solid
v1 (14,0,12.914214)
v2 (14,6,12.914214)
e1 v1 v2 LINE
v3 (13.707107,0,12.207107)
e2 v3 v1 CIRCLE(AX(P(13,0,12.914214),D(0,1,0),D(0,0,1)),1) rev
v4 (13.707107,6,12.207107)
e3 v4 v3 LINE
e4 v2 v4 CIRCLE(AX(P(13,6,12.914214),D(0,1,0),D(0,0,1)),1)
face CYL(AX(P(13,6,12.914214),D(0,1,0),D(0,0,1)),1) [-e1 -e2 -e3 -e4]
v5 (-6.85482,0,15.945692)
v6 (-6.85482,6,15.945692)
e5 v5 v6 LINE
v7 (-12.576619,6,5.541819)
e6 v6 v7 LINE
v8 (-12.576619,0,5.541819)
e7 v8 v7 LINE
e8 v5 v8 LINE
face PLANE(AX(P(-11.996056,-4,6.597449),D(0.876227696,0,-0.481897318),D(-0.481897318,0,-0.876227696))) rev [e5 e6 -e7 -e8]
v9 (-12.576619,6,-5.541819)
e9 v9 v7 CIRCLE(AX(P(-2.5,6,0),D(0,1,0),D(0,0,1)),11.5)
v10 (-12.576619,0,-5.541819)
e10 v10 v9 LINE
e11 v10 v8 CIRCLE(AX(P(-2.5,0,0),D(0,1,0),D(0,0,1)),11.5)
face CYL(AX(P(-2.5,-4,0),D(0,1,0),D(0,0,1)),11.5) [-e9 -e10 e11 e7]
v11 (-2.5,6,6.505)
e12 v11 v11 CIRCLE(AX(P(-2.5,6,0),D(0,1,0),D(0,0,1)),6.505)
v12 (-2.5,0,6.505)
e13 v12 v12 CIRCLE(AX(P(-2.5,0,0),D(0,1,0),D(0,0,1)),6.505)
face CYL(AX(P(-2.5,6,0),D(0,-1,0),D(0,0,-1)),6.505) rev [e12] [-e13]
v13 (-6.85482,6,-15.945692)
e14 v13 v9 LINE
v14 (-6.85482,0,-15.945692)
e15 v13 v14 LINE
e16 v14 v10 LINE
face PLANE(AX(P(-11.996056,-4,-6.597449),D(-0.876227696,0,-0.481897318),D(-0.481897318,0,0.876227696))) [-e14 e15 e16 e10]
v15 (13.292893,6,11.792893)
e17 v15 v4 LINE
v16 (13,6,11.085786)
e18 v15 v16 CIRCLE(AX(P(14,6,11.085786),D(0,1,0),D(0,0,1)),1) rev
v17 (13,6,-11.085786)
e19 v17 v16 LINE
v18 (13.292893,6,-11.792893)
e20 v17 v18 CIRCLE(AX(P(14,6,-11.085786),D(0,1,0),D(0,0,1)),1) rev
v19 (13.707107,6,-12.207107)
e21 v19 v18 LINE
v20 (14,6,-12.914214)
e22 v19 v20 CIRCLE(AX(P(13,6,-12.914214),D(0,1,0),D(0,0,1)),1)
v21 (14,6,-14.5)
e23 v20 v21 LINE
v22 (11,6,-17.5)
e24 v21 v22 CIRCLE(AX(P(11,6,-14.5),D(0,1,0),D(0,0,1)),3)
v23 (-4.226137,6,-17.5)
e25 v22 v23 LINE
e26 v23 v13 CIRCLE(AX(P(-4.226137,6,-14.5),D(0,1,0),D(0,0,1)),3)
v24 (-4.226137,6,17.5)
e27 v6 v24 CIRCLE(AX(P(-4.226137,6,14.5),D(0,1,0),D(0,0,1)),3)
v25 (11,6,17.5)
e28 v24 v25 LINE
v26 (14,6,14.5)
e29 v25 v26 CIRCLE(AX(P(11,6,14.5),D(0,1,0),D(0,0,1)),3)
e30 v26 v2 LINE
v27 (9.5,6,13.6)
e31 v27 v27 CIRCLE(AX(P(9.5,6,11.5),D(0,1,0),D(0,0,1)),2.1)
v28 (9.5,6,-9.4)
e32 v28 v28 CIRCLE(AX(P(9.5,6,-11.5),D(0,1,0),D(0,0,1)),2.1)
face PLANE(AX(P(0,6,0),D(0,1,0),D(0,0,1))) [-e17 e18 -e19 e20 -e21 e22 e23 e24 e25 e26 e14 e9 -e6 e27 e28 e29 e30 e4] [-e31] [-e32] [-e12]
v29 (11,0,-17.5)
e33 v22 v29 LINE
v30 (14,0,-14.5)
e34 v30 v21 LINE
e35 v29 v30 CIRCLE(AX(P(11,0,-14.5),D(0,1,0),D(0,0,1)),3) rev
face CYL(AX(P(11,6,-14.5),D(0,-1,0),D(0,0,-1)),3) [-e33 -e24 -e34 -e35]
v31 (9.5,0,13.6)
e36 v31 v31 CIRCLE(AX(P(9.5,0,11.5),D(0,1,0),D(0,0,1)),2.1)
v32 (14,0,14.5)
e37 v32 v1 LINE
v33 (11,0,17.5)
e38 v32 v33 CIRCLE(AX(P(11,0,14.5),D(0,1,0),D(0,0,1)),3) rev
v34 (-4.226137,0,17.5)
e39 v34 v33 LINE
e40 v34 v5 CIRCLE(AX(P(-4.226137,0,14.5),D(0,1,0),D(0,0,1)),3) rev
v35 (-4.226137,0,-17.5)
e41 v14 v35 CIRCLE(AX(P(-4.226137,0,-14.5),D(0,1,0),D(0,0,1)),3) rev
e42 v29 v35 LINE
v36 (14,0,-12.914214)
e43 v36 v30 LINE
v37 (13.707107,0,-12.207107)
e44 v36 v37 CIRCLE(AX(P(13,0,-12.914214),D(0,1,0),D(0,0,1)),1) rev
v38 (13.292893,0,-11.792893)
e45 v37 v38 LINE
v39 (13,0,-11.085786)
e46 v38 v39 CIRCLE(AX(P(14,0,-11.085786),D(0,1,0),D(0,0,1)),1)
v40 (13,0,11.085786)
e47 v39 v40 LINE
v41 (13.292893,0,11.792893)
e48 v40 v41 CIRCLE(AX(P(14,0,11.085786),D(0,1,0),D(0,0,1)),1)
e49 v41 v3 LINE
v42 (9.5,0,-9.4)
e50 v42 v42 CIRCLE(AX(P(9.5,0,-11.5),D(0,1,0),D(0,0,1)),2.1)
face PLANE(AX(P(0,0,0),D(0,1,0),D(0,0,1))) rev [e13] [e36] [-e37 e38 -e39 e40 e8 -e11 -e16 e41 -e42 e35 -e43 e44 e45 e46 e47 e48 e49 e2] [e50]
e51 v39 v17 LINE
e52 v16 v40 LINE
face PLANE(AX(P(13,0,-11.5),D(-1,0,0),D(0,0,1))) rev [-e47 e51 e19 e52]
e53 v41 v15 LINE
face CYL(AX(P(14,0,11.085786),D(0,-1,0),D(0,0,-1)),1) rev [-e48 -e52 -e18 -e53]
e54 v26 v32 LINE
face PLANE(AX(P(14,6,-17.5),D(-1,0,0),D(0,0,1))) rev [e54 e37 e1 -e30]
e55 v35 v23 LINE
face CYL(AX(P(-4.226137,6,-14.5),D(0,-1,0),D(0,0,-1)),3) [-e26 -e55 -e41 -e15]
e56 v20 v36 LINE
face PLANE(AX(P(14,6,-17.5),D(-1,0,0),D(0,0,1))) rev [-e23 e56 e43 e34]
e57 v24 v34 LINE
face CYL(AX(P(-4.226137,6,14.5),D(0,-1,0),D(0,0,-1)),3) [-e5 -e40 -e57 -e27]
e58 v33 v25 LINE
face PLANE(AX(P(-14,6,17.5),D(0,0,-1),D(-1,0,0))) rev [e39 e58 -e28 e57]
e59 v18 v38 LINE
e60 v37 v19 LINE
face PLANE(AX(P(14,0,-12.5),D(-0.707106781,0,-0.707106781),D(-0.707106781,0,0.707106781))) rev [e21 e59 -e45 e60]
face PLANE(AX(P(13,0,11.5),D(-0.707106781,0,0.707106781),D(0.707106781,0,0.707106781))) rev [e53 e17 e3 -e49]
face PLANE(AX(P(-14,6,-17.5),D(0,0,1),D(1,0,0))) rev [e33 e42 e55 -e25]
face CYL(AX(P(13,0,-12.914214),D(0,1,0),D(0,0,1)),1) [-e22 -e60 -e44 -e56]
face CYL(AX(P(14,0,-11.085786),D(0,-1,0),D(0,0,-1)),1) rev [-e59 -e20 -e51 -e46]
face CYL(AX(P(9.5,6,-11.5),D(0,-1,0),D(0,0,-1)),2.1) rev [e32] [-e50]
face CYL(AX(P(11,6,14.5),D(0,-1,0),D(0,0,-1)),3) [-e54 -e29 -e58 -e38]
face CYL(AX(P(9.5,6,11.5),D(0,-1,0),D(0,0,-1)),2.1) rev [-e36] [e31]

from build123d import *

# Parameters (mm, degrees)
SKETCH_1_W          = 28
SKETCH_1_H          = 35
SKETCH_1_R          = 2.1
SKETCH_1_R_2        = 6.505
EXTRUDE_1_DEPTH     = 6
CUT_EXTRUDE_1_DEPTH = 6
FILLET_1_R          = 1
CUT_EXTRUDE_2_DEPTH = 10
FILLET_2_R          = 3


with BuildPart() as part:
    # 草图1 → 凸台-拉伸1 (new body)
    with BuildSketch(Plane(origin=(0, 0, 0), x_dir=(1, 0, 0), z_dir=(0, 1, 0))):
        Rectangle(SKETCH_1_W, SKETCH_1_H)
        with Locations(Location((9.5, 11.5, 0), (0, 0, 270))):
            Circle(SKETCH_1_R, mode=Mode.SUBTRACT)
        with Locations(Location((9.5, -11.5, 0), (0, 0, 270))):
            Circle(SKETCH_1_R, mode=Mode.SUBTRACT)
        with Locations(Location((-2.5, 0, 0), (0, 0, 270))):
            Circle(SKETCH_1_R_2, mode=Mode.SUBTRACT)
    extrude(amount=EXTRUDE_1_DEPTH)

    # 草图2 → 切除-拉伸1 (cut)
    with BuildSketch(Plane(origin=(0, 6, 0), x_dir=(1, 0, 0), z_dir=(0, 1, 0))):
        Polygon((14, 12.5), (13, 11.5), (13, -11.5), (14, -12.5), align=None)
    extrude(amount=-CUT_EXTRUDE_1_DEPTH, mode=Mode.SUBTRACT)

    # 圆角1
    fillet_1_edges = [part.edges().sort_by_distance(p)[0] for p in [
        (13, 3, 11.5),
        (13, 3, -11.5),
        (14, 3, -12.5),
        (14, 3, 12.5),
    ]]
    fillet(fillet_1_edges, radius=FILLET_1_R)

    # 草图3 → 切除-拉伸2 (cut)
    with BuildSketch(Plane(origin=(0, 6, 0), x_dir=(1, 0, 0), z_dir=(0, 1, 0))):
        with BuildLine():
            Line((-14, -17.5), (-6, -17.5))
            Line((-6, -17.5), (-12.576618502, -5.541819157))
            ThreePointArc((-12.576618502, -5.541819157), (-13.638471902, -2.860846674), (-14, -2.8e-08))
            Line((-14, -2.8e-08), (-14, -17.5))
        make_face()
        with BuildLine():
            Line((-14, 17.5), (-14, -2.8e-08))
            ThreePointArc((-14, -2.8e-08), (-13.638471909, 2.860846647), (-12.576618502, 5.541819157))
            Line((-12.576618502, 5.541819157), (-6, 17.5))
            Line((-6, 17.5), (-14, 17.5))
        make_face()
    extrude(amount=-CUT_EXTRUDE_2_DEPTH, mode=Mode.SUBTRACT)

    # 圆角2
    fillet_2_edges = [part.edges().sort_by_distance(p)[0] for p in [
        (-6, 3, 17.5),
        (14, 3, 17.5),
        (14, 3, -17.5),
        (-6, 3, -17.5),
    ]]
    fillet(fillet_2_edges, radius=FILLET_2_R)


solid = part.part
